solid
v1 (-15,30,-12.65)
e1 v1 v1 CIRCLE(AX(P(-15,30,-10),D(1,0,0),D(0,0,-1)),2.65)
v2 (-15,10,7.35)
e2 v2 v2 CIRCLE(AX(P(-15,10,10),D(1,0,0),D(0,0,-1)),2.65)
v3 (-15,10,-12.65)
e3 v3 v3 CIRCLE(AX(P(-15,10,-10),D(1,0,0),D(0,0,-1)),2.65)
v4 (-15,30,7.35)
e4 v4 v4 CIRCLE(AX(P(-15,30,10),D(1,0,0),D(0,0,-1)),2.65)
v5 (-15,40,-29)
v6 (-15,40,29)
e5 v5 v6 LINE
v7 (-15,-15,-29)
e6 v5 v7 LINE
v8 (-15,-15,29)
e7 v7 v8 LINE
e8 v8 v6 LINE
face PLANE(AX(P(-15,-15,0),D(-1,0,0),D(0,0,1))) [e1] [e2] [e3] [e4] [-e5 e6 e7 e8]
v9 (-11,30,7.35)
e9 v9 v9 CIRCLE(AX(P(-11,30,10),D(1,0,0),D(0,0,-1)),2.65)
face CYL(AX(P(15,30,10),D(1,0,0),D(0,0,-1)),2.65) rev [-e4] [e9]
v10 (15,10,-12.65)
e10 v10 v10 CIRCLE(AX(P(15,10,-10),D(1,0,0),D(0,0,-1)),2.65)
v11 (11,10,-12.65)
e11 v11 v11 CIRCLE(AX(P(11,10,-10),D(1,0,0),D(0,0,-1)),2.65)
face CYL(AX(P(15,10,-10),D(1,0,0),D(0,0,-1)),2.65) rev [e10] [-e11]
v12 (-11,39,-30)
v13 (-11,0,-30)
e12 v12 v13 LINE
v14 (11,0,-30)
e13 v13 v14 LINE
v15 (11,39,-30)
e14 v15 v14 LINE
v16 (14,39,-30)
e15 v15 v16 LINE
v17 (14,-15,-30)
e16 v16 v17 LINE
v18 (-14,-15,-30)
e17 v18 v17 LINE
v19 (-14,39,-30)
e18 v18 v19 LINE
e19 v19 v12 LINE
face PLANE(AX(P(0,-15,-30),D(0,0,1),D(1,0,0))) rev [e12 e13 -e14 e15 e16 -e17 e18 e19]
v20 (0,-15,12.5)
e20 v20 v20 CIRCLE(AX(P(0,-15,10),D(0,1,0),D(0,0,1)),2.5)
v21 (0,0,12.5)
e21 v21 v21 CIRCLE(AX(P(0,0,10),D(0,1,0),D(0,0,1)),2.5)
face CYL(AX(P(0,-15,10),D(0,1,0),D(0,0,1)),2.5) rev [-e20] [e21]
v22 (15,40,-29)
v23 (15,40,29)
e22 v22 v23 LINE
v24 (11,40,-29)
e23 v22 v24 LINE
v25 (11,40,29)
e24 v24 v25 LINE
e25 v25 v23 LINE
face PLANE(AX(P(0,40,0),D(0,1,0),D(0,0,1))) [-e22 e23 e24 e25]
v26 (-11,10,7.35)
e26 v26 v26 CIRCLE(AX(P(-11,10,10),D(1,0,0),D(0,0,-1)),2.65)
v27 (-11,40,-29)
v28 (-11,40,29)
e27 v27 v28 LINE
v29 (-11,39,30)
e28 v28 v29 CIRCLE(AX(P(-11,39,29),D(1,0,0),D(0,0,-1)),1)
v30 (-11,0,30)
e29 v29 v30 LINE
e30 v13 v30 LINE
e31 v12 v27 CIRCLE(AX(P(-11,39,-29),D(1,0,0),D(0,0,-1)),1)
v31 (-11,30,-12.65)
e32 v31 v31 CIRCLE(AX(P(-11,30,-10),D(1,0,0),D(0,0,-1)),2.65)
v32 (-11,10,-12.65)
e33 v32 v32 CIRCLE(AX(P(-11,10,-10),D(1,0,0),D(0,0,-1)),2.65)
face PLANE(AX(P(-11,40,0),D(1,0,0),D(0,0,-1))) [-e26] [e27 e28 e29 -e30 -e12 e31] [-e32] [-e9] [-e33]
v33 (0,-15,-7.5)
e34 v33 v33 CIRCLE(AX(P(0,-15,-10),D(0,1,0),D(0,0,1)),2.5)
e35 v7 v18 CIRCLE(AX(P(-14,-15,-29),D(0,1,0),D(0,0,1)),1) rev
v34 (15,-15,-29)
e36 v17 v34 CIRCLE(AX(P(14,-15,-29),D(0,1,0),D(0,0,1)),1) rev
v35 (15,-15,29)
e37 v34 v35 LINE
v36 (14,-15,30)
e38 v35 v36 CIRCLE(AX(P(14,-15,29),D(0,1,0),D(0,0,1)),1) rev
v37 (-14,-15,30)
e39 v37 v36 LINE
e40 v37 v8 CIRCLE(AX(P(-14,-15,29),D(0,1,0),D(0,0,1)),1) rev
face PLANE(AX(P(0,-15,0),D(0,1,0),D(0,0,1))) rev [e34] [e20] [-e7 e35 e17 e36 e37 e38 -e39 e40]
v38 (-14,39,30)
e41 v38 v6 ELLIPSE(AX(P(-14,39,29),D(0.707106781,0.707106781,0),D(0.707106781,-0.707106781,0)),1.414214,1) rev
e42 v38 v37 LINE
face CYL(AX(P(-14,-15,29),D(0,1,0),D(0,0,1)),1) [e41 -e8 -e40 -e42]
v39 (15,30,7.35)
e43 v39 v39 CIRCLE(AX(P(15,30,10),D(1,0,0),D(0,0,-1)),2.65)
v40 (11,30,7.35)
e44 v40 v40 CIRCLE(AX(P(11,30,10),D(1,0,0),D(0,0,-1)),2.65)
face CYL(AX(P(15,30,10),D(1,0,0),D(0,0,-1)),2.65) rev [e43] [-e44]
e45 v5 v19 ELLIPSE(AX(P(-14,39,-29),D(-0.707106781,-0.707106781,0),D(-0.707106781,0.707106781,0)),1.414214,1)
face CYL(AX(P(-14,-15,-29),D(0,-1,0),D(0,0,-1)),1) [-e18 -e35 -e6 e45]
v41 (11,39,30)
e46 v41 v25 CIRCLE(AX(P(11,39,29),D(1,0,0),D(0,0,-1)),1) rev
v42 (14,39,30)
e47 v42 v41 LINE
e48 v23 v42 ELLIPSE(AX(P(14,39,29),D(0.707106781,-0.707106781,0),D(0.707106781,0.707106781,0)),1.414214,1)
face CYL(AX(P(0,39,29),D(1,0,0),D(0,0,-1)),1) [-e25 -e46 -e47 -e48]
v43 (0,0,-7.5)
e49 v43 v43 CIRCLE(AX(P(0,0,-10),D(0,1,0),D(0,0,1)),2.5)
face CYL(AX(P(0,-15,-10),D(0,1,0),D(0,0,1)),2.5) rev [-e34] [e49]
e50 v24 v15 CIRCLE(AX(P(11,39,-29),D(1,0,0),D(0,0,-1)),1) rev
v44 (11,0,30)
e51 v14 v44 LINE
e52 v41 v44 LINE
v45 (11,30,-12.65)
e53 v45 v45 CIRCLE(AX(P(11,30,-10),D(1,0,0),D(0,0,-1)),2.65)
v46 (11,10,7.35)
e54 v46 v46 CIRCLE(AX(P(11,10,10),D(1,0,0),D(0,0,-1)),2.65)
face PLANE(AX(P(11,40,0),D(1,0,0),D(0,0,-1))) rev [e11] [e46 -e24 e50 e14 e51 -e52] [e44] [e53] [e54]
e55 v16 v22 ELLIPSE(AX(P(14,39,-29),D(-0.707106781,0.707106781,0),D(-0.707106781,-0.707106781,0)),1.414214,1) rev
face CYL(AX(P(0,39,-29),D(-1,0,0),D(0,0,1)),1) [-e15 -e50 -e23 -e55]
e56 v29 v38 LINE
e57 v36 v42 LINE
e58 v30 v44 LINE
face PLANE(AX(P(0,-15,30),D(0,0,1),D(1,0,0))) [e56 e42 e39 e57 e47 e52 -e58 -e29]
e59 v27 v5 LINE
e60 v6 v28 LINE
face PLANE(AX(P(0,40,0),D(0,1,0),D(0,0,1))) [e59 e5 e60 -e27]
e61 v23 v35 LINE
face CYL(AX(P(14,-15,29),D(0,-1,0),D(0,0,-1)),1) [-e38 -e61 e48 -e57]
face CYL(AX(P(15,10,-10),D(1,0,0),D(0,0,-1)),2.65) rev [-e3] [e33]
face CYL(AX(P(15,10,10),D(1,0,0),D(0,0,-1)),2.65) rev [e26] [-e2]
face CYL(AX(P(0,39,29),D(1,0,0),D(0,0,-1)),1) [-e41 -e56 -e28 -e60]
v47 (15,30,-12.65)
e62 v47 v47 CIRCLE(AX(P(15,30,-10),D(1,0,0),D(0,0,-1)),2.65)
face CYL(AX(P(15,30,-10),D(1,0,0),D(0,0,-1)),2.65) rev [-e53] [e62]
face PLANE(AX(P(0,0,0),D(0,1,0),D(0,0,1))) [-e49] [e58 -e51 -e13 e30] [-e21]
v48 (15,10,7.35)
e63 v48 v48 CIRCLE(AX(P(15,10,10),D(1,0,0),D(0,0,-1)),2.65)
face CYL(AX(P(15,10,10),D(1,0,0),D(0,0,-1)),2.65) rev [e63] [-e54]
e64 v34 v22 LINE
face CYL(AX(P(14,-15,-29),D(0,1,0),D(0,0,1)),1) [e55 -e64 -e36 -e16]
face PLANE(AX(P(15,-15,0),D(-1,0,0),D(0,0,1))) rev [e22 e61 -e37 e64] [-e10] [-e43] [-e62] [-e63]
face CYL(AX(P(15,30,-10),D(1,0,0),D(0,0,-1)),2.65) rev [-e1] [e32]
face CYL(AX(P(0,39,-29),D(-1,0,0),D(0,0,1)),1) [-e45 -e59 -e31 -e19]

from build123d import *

# Parameters (mm, degrees)
SKETCH1_W            = 30
SKETCH1_H            = 60
SKETCH1_R            = 2.5
BOSS_EXTRUDE1_DEPTH  = 15
SKETCH1_3_W          = 4
SKETCH1_3_H          = 60
BOSS_EXTRUDE2_DEPTH  = 40
M5_CLEARANCE_HOLE1_D = 5.3
LPATTERN1_COUNT      = 2
LPATTERN1_PITCH      = 20
FILLET1_R            = 1


with BuildPart() as part:
    # Sketch1 → Boss-Extrude1 (new body)
    with BuildSketch(Plane(origin=(0, 0, 0), x_dir=(1, 0, 0), z_dir=(0, 1, 0))):
        Rectangle(SKETCH1_W, SKETCH1_H)
        with Locations((0, 10)):
            Circle(SKETCH1_R, mode=Mode.SUBTRACT)
        with Locations((0, -10)):
            Circle(SKETCH1_R, mode=Mode.SUBTRACT)
    extrude(amount=-BOSS_EXTRUDE1_DEPTH)

    # Sketch1<3> → Boss-Extrude2 (add)
    with BuildSketch(Plane(origin=(0, 0, 0), x_dir=(1, 0, 0), z_dir=(0, 1, 0))):
        with Locations((-13, 0)):
            Rectangle(SKETCH1_3_W, SKETCH1_3_H)
        with Locations((13, 0)):
            Rectangle(SKETCH1_3_W, SKETCH1_3_H)
    extrude(amount=BOSS_EXTRUDE2_DEPTH)

    # M5 Clearance Hole1 (through all)
    with Locations(Plane(origin=(15, 10, 10), x_dir=(0, 0, 1), z_dir=(1, 0, 0))):
        with Locations((0, 0), (-20, 0)):
            m5_clearance_hole1 = Hole(M5_CLEARANCE_HOLE1_D / 2)

    # LPattern1: M5 Clearance Hole1 ×2
    with Locations(*[(0, i * LPATTERN1_PITCH, 0) for i in range(1, LPATTERN1_COUNT)]):
        add(m5_clearance_hole1, mode=Mode.SUBTRACT)

    # Fillet1
    fillet1_edges = [part.edges().sort_by_distance(p)[0] for p in [
        (-15, 12.5, -30),
        (15, 12.5, -30),
        (15, 12.5, 30),
        (-15, 12.5, 30),
        (13, 40, 30),
        (13, 40, -30),
        (-13, 40, -30),
        (-13, 40, 30),
    ]]
    fillet(fillet1_edges, radius=FILLET1_R)


solid = part.part
